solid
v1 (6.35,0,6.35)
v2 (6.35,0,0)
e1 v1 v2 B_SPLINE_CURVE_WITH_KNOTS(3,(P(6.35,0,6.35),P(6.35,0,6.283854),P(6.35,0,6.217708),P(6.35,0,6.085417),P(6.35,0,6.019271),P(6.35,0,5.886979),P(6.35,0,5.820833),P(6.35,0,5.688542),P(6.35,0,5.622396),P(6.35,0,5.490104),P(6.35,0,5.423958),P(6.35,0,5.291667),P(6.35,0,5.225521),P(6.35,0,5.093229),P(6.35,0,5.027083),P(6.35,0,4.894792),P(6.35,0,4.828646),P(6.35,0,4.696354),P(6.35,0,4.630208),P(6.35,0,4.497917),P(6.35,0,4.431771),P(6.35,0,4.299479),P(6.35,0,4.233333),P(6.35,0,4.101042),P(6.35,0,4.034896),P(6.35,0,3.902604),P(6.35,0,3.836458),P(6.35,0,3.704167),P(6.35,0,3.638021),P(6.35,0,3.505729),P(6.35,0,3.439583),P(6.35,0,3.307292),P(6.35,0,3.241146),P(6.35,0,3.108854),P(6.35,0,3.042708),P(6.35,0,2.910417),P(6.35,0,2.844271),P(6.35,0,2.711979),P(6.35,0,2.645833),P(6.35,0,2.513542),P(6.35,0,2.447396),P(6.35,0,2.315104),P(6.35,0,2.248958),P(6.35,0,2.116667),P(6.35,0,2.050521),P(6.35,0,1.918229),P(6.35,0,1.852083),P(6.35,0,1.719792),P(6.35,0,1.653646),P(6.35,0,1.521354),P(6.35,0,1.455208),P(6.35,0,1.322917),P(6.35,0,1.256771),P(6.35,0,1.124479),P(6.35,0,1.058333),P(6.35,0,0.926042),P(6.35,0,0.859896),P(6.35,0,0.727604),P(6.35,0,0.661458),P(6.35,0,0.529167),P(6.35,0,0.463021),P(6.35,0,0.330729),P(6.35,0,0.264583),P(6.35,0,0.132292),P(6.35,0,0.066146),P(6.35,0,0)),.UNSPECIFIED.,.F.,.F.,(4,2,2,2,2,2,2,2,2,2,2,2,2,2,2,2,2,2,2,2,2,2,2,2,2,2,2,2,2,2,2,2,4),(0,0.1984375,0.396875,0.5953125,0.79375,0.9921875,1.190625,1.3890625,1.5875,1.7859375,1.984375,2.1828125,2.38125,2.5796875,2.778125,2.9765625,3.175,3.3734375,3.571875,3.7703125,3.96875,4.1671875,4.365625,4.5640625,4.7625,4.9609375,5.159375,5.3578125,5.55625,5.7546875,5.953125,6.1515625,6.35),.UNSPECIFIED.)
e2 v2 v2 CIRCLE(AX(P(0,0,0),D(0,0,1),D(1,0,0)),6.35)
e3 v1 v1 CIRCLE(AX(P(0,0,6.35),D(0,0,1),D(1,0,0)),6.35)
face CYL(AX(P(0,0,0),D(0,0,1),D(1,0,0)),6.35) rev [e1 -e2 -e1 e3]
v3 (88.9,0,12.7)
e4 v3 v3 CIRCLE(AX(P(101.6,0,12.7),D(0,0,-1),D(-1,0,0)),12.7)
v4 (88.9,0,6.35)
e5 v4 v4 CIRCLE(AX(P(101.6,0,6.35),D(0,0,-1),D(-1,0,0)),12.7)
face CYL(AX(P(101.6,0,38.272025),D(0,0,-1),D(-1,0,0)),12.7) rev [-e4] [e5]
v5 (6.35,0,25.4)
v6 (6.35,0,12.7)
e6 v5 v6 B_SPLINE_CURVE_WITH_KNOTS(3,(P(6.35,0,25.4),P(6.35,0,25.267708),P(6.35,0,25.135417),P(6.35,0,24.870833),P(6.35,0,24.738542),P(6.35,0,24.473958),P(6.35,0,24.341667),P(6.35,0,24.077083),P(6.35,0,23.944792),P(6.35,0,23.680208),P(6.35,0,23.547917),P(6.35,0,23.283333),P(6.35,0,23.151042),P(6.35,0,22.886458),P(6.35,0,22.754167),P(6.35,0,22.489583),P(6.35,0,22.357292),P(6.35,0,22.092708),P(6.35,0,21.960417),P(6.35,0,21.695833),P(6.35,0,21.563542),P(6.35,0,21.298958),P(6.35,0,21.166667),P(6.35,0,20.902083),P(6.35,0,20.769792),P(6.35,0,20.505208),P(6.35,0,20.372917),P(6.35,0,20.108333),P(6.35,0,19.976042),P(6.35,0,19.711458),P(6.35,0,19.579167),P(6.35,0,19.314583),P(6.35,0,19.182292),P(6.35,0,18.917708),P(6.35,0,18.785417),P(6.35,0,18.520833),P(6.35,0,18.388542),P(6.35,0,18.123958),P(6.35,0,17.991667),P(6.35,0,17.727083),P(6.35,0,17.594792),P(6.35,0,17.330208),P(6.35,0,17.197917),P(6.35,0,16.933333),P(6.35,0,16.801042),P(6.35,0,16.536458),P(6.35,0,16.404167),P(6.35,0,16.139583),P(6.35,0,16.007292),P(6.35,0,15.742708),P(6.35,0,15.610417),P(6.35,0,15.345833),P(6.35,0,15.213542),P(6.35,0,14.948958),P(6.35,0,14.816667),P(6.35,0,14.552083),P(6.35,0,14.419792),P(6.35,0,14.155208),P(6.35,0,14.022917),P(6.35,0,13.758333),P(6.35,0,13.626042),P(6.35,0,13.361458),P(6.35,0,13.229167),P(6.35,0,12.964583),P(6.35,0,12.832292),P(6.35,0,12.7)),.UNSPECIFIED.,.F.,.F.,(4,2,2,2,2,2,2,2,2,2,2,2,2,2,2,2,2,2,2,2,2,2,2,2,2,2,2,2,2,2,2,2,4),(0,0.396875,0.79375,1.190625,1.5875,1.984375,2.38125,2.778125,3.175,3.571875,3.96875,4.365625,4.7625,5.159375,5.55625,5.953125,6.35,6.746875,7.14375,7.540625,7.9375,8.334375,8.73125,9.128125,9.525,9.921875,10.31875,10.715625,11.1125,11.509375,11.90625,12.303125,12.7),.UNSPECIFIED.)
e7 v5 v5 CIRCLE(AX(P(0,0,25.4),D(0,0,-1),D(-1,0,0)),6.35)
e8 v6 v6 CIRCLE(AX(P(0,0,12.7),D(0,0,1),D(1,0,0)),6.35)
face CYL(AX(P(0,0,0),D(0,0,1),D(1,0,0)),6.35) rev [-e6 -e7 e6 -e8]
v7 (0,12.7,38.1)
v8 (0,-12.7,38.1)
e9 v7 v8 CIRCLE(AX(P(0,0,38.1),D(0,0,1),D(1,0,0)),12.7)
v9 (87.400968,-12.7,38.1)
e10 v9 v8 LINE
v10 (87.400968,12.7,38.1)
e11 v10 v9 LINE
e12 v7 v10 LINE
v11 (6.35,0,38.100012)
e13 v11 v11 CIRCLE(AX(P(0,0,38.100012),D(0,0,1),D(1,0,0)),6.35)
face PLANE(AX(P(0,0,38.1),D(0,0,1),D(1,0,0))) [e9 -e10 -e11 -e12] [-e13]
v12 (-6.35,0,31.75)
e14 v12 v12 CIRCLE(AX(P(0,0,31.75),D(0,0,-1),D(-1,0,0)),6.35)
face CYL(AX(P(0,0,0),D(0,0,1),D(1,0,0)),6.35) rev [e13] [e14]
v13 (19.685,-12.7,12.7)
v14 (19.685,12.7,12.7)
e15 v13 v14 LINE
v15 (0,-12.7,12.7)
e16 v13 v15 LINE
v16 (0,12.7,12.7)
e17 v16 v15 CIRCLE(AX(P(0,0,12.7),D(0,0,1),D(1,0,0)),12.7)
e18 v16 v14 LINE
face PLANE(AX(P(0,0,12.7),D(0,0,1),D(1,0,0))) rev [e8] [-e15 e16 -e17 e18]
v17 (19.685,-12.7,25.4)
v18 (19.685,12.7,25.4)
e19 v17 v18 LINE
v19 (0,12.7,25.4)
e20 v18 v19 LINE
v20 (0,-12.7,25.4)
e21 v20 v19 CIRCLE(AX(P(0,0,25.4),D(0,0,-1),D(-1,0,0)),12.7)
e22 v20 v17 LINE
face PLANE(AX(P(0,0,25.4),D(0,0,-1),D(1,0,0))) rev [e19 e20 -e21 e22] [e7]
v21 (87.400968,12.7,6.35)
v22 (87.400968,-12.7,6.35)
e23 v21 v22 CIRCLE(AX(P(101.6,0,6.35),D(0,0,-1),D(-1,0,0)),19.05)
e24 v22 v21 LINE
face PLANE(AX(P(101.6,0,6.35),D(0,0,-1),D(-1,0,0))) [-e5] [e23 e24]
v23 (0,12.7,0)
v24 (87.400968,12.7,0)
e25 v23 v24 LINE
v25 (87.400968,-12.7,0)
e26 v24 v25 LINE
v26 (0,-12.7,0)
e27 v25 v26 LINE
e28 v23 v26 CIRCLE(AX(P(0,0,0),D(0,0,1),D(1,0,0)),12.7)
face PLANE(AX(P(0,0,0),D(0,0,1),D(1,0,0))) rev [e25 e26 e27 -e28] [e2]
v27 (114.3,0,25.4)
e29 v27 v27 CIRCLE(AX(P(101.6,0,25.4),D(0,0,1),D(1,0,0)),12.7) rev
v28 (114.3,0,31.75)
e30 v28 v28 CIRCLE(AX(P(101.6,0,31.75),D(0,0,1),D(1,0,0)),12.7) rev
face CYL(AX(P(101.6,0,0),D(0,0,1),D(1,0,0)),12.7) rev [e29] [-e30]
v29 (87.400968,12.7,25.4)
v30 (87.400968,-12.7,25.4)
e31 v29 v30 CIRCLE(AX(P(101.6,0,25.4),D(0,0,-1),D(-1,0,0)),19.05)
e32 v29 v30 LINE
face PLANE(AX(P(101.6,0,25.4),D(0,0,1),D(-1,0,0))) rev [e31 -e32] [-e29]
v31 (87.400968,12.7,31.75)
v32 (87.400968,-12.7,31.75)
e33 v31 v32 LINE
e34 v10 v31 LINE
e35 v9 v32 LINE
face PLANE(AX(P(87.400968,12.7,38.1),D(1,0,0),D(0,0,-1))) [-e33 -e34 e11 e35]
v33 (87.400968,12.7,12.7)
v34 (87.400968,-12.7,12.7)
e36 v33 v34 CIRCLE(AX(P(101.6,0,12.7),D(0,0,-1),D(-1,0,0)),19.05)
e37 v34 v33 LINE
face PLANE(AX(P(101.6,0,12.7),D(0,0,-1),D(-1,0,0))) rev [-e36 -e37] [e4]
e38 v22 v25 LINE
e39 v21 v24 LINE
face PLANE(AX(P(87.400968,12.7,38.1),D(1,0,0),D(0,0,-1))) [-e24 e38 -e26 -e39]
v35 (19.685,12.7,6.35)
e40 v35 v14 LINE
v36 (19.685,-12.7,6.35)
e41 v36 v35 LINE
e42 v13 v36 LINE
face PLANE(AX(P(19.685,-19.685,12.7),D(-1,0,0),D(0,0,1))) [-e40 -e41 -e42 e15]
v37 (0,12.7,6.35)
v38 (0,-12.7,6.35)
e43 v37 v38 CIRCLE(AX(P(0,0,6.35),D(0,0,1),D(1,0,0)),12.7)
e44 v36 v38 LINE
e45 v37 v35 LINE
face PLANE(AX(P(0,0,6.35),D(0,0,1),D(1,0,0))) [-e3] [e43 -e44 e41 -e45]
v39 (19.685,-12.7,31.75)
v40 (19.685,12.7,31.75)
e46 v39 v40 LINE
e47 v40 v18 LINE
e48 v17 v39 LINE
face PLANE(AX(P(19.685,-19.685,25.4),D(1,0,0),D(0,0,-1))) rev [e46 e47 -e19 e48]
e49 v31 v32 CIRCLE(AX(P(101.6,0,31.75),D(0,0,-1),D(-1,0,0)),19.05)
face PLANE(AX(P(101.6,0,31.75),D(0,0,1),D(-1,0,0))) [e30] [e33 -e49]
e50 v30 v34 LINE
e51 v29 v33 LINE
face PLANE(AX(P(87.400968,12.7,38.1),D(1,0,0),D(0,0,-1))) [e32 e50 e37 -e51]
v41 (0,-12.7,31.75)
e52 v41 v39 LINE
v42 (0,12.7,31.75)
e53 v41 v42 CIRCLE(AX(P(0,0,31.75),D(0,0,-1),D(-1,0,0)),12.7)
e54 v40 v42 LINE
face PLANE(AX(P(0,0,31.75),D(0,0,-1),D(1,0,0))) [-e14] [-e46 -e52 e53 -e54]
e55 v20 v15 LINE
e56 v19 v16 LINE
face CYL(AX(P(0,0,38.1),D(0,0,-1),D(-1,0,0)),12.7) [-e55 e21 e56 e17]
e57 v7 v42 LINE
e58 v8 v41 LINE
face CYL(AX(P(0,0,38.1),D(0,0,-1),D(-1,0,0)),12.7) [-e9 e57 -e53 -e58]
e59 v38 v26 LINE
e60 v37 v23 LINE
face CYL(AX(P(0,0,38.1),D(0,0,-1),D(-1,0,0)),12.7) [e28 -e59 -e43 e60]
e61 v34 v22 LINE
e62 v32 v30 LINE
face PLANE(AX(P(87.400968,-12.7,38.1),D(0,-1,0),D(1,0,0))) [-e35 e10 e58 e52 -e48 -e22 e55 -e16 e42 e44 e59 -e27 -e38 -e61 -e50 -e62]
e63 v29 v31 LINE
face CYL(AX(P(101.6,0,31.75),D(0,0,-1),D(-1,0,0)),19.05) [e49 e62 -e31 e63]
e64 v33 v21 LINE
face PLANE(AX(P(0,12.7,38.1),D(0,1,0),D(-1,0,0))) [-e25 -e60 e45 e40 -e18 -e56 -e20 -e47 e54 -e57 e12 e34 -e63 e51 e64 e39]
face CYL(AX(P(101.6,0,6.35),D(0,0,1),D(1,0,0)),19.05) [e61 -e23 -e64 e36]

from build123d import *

# Parameters (mm, degrees)
BOSS_EXTRUDE1_DEPTH     = 38.1
CUT_EXTRUDE1_START      = 6.35
CUT_EXTRUDE1_DEPTH      = 6.35
CUT_EXTRUDE2_DEPTH      = 97.186429746
CUT_EXTRUDE2_DEPTH_BACK = 97.186429746
SKETCH3_R               = 6.35
BOSS_EXTRUDE2_START     = 6.35
SKETCH6_R               = 19.05
BOSS_EXTRUDE2_DEPTH     = 6.35
SKETCH7_R               = 12.7
CUT_EXTRUDE5_DEPTH      = 127.203753906


with BuildPart() as part:
    # Sketch1 → Boss-Extrude1 (new body)
    with BuildSketch(Plane.XY):
        with BuildLine():
            Line((0, 12.7), (87.400968343, 12.7))
            Line((87.400968343, 12.7), (87.400968343, -12.7))
            Line((87.400968343, -12.7), (0, -12.7))
            ThreePointArc((0, -12.7), (-12.7, 0), (0, 12.7))
        make_face()
    extrude(amount=BOSS_EXTRUDE1_DEPTH)

    # Sketch2 → Cut-Extrude1 (cut)
    with BuildSketch(Plane.XY.offset(CUT_EXTRUDE1_START)):
        with BuildLine():
            Line((0, -19.685), (19.685, -19.685))
            Line((19.685, -19.685), (19.685, 19.685))
            Line((19.685, 19.685), (0, 19.685))
            ThreePointArc((0, 19.685), (-19.685, 0), (0, -19.685))
        make_face()
    cut_extrude1 = extrude(amount=CUT_EXTRUDE1_DEPTH, mode=Mode.SUBTRACT)

    # Mirror1: Cut-Extrude1 across plane
    add(cut_extrude1.mirror(Plane(origin=(0, 0, 19.05), x_dir=(1, 0, 0), z_dir=(0, 0, -1))), mode=Mode.SUBTRACT)

    # Sketch3 → Cut-Extrude2 (cut, two sides: drawn at the far end of the back side and taken through both)
    with BuildSketch(Plane.XY.offset(38.1).offset(-CUT_EXTRUDE2_DEPTH_BACK)):
        Circle(SKETCH3_R)
    extrude(amount=CUT_EXTRUDE2_DEPTH + CUT_EXTRUDE2_DEPTH_BACK, mode=Mode.SUBTRACT)

    # Sketch6 → Boss-Extrude2 (add)
    with BuildSketch(Plane(origin=(0, 0, 19.05), x_dir=(-1, 0, 0), z_dir=(0, 0, -1)).offset(BOSS_EXTRUDE2_START)):
        with Locations((-101.6, 0)):
            Circle(SKETCH6_R)
    boss_extrude2 = extrude(amount=BOSS_EXTRUDE2_DEPTH)

    # Sketch7 → Cut-Extrude5 (cut, symmetric)
    with BuildSketch(Plane(origin=(0, 0, 6.35), x_dir=(-1, 0, 0), z_dir=(0, 0, -1))):
        with Locations((-101.6, 0)):
            Circle(SKETCH7_R)
    cut_extrude5 = extrude(amount=CUT_EXTRUDE5_DEPTH, both=True, mode=Mode.SUBTRACT)

    # Mirror3: Boss-Extrude2, Cut-Extrude5 across plane
    add(boss_extrude2.mirror(Plane(origin=(0, 0, 19.05), x_dir=(1, 0, 0), z_dir=(0, 0, -1))))
    add(cut_extrude5.mirror(Plane(origin=(0, 0, 19.05), x_dir=(1, 0, 0), z_dir=(0, 0, -1))), mode=Mode.SUBTRACT)


solid = part.part
